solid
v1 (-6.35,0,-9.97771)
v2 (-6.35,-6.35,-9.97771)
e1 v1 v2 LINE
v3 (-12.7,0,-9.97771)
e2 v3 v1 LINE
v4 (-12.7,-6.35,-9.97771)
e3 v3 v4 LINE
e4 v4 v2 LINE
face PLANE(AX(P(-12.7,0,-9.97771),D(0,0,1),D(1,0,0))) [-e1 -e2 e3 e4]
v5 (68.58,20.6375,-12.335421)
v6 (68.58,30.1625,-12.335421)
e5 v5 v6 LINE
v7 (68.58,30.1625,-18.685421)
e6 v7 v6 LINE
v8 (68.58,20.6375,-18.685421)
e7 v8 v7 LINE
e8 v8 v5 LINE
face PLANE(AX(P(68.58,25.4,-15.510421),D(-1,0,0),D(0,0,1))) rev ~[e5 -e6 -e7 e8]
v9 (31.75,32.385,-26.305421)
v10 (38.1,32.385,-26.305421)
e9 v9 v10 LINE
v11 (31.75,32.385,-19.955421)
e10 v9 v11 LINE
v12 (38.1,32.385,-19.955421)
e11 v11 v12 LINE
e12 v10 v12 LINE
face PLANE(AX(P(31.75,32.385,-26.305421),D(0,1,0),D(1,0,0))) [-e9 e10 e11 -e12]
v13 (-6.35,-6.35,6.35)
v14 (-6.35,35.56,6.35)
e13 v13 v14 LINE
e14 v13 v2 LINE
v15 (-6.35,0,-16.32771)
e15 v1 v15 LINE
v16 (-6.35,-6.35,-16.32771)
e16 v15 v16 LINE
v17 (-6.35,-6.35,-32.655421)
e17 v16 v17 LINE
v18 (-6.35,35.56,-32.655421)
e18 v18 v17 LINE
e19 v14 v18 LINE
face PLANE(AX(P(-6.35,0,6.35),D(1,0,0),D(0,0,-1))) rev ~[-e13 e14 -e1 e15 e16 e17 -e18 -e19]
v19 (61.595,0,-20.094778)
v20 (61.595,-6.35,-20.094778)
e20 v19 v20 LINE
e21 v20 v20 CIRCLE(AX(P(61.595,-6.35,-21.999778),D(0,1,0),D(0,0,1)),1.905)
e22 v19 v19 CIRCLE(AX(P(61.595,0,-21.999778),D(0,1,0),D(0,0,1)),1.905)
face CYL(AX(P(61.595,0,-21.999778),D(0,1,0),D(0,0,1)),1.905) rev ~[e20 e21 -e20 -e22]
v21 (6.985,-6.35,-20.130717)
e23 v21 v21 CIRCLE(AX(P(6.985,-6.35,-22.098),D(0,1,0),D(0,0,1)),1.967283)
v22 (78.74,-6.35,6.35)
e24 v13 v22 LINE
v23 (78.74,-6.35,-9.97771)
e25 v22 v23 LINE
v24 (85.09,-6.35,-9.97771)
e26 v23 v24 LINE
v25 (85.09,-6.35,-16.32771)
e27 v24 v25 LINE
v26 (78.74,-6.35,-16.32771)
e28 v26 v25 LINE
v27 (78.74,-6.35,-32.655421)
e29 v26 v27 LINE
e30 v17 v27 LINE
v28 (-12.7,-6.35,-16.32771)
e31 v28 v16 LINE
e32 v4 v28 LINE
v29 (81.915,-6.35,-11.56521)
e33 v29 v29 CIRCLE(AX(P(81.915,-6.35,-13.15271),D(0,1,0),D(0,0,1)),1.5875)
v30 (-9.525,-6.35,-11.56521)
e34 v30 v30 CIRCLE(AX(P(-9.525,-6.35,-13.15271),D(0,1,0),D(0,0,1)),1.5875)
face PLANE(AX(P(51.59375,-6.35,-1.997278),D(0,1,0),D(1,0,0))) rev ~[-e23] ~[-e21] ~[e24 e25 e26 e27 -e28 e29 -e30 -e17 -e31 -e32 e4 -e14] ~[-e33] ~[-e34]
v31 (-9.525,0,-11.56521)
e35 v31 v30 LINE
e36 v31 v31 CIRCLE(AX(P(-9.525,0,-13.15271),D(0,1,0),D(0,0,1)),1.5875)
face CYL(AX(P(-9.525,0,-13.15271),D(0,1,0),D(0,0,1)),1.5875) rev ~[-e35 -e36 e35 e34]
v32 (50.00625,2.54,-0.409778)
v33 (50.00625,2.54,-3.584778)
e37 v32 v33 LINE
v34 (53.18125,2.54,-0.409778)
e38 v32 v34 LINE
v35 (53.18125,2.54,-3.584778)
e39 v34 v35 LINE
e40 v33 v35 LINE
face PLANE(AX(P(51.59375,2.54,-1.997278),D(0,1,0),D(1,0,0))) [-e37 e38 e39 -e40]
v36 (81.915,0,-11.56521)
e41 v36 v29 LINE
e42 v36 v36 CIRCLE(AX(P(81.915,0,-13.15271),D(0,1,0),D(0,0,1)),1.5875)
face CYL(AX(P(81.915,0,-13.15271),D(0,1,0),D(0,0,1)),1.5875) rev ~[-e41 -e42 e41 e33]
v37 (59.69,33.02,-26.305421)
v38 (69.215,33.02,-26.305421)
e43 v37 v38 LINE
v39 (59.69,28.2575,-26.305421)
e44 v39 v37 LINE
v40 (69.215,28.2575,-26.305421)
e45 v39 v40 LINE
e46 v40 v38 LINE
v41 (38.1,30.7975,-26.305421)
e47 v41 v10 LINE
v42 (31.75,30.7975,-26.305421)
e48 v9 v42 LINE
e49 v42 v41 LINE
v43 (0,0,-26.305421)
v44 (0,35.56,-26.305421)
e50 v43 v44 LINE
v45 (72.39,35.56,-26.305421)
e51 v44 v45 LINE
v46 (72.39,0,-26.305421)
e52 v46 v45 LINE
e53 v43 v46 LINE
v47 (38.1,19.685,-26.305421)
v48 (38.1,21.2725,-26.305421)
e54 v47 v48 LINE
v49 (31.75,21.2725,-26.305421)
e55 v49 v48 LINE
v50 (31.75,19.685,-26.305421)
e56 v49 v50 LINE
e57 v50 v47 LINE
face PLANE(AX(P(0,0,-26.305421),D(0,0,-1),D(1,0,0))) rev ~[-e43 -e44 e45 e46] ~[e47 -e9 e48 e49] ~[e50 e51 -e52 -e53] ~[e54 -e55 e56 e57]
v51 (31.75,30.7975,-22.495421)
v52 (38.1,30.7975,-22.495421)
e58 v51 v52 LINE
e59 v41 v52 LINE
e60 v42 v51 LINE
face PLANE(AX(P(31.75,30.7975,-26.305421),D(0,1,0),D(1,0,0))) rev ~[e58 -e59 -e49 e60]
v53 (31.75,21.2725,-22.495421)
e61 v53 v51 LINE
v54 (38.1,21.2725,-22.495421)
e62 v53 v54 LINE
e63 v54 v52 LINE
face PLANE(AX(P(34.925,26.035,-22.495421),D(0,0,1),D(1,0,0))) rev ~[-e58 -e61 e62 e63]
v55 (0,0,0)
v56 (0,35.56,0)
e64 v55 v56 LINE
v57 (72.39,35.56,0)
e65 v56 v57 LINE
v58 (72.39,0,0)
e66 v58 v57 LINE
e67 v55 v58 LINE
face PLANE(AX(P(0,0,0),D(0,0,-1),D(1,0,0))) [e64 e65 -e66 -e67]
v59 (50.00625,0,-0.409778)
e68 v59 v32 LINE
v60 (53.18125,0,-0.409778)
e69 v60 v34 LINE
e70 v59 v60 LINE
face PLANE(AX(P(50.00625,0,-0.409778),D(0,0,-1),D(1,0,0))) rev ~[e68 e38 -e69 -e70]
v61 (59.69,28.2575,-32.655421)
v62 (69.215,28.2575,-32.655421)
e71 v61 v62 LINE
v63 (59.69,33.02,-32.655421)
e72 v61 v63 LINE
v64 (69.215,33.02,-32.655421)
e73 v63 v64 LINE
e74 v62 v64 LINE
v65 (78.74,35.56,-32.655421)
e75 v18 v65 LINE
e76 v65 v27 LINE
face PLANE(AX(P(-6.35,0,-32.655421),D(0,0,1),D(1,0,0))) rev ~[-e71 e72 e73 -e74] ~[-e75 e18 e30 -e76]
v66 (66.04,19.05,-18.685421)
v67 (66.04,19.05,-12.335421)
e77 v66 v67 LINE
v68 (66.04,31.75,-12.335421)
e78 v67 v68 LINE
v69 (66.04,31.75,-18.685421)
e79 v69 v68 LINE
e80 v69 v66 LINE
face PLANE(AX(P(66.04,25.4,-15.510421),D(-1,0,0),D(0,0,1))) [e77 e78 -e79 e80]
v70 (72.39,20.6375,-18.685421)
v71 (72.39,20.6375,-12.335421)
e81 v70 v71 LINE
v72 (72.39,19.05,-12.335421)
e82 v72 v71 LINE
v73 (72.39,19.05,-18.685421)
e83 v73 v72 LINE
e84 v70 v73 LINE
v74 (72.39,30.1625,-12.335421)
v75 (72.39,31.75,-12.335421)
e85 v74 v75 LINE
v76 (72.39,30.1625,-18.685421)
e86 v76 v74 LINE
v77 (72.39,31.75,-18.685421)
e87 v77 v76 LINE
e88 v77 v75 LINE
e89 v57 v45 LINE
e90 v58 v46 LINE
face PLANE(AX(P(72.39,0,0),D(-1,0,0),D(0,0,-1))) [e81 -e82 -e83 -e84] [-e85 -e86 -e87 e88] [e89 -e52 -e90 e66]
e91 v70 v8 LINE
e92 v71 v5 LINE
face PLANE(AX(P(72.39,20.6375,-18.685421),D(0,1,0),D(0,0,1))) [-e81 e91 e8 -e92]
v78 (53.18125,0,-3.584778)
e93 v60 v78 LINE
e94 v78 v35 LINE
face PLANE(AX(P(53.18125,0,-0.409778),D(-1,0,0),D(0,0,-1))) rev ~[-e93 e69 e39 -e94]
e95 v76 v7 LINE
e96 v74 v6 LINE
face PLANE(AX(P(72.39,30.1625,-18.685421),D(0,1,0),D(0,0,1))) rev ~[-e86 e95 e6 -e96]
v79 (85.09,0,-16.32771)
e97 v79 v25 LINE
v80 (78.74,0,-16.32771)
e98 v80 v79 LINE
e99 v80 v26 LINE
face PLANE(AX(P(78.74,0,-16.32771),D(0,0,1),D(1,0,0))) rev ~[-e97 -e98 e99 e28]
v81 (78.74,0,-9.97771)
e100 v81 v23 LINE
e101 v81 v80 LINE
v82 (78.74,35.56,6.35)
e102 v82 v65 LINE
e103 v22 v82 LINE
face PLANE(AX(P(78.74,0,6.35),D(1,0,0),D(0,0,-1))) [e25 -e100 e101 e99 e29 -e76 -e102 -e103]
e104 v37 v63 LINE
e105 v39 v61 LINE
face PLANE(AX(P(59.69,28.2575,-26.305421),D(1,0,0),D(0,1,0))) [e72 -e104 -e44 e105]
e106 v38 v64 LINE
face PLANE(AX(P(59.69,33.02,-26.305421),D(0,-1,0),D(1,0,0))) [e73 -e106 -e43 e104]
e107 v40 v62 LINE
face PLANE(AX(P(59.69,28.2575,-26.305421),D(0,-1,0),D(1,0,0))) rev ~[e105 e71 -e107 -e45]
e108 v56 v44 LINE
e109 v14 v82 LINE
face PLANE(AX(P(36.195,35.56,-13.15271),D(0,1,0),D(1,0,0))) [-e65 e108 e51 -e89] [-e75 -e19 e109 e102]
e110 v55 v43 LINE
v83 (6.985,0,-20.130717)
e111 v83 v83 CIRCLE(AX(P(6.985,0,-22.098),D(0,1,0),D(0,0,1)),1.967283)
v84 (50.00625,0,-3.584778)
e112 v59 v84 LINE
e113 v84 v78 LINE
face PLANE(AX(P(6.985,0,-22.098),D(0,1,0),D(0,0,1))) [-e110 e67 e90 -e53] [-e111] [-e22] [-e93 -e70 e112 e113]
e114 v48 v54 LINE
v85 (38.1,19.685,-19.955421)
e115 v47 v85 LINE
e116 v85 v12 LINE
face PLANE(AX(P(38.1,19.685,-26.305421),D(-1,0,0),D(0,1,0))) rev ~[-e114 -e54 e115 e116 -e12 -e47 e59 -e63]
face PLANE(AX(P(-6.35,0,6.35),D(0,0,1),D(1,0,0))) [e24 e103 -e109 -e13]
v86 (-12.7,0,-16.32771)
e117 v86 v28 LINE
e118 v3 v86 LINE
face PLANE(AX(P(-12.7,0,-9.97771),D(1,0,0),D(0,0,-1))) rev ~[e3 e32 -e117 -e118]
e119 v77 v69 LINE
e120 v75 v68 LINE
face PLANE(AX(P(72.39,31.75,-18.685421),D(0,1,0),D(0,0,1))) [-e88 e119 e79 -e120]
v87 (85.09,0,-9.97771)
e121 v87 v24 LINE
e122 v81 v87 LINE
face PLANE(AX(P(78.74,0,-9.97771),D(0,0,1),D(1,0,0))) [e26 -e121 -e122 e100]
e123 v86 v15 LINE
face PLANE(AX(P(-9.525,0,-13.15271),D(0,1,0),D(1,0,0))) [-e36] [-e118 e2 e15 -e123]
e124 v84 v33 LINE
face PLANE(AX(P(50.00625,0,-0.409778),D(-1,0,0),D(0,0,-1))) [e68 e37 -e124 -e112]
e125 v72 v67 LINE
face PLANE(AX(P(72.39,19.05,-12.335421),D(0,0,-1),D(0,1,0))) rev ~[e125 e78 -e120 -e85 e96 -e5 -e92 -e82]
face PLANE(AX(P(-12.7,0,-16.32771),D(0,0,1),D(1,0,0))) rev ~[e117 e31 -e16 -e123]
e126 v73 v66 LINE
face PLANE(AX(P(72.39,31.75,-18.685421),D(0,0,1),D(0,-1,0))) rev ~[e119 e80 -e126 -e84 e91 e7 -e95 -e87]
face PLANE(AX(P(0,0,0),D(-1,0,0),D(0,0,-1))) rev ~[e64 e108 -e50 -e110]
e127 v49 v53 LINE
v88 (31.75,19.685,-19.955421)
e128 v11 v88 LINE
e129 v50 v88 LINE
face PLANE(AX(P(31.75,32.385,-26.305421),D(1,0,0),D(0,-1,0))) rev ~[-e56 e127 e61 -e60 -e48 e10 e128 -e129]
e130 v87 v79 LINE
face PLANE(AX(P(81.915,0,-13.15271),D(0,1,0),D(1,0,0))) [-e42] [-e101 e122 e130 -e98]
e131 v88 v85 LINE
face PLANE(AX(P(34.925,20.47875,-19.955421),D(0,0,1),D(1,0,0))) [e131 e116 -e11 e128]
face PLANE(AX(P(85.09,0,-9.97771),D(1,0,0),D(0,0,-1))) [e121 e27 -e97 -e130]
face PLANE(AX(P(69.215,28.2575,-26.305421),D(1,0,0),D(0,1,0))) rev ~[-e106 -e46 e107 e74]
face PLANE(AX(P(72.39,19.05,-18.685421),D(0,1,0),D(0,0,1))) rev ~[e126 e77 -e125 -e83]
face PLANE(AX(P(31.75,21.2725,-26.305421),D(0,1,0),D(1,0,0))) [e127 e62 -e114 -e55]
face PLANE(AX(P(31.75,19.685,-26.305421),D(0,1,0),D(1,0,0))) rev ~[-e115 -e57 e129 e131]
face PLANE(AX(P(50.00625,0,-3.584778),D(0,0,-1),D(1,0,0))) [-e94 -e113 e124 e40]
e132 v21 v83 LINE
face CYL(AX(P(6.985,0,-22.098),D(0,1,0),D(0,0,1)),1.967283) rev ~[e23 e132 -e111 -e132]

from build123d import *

# Parameters (mm, degrees)
SKETCH1_W                 = 72.39
SKETCH1_H                 = 26.30542054
BOSS_EXTRUDE1_DEPTH       = 35.56
SKETCH1_3_W               = 85.09
SKETCH1_3_H               = 39.00542054
SKETCH1_3_R               = 1.967283446
SKETCH1_3_W_2             = 3.175
SKETCH1_3_H_2             = 3.175
SKETCH1_3_R_2             = 1.397
BOSS_EXTRUDE2_DEPTH       = 6.35
SKETCH1_4_W               = 6.35
SKETCH1_4_H               = 6.35
SKETCH1_4_R               = 1.5875
BOSS_EXTRUDE3_DEPTH       = 6.35
SKETCH1_5_R               = 1.967283446
BOSS_EXTRUDE4_DEPTH       = 2.54
SKETCH2_W                 = 6.35
SKETCH2_H                 = 12.7
BOSS_EXTRUDE8_DEPTH       = 6.35
SKETCH2_4_W               = 6.35
SKETCH2_4_H               = 9.525
CUT_EXTRUDE1_DEPTH        = 3.81
SKETCH1_10_R              = 1.905
SKETCH1_10_R_2            = 1.397
SKETCH1_10_R_3            = 1.967283446
CUT_EXTRUDE4_DEPTH        = 98.832500687
BOSS_EXTRUDE11_DEPTH      = 2.54
BOSS_EXTRUDE11_DEPTH_BACK = 6.35
SKETCH1_11_W              = 3.175
SKETCH1_11_H              = 3.175
SKETCH6_W                 = 6.35
SKETCH6_H                 = 12.7
BOSS_EXTRUDE12_DEPTH      = 6.35
SKETCH6_8_W               = 6.35
SKETCH6_8_H               = 9.525
CUT_EXTRUDE5_DEPTH        = 3.81
SKETCH8_W                 = 9.525
SKETCH8_H                 = 4.7625
CUT_EXTRUDE6_DEPTH        = 18.542


with BuildPart() as part:
    # Sketch1 → Boss-Extrude1 (new body)
    with BuildSketch(Plane(origin=(0, 0, 0), x_dir=(1, 0, 0), z_dir=(0, 1, 0))):
        Polygon((78.74, 32.65542054), (-6.35, 32.65542054), (-6.35, 16.32771027), (-6.35, 9.97771027), (-6.35, -6.35), (78.74, -6.35), (78.74, 9.97771027), (78.74, 16.32771027), align=None)
        with Locations((36.195, 13.15271027)):
            Rectangle(SKETCH1_W, SKETCH1_H, mode=Mode.SUBTRACT)
    extrude(amount=BOSS_EXTRUDE1_DEPTH)

    # Sketch1<3> → Boss-Extrude2 (add)
    with BuildSketch(Plane(origin=(0, 0, 0), x_dir=(1, 0, 0), z_dir=(0, 1, 0))):
        with Locations((36.195, 13.15271027)):
            Rectangle(SKETCH1_3_W, SKETCH1_3_H)
        with Locations((6.985, 22.098)):
            Circle(SKETCH1_3_R, mode=Mode.SUBTRACT)
        with Locations((51.59375, 1.997278049)):
            Rectangle(SKETCH1_3_W_2, SKETCH1_3_H_2, mode=Mode.SUBTRACT)
        with Locations((61.595, 21.999778049)):
            Circle(SKETCH1_3_R_2, mode=Mode.SUBTRACT)
    extrude(amount=-BOSS_EXTRUDE2_DEPTH)

    # Sketch1<4> → Boss-Extrude3 (add)
    # profile 1 of 2: a face of its own
    with BuildSketch(Plane(origin=(0, 0, 0), x_dir=(1, 0, 0), z_dir=(0, 1, 0))):
        with Locations((-9.525, 13.15271027)):
            Rectangle(SKETCH1_4_W, SKETCH1_4_H)
        with Locations((-9.525, 13.15271027)):
            Circle(SKETCH1_4_R, mode=Mode.SUBTRACT)
    # profile 2 of 2: a face of its own
    with BuildSketch(Plane(origin=(0, 0, 0), x_dir=(1, 0, 0), z_dir=(0, 1, 0))):
        with Locations((81.915, 13.15271027)):
            Rectangle(SKETCH1_4_W, SKETCH1_4_H)
        with Locations((81.915, 13.15271027)):
            Circle(SKETCH1_4_R, mode=Mode.SUBTRACT)
    extrude(amount=-BOSS_EXTRUDE3_DEPTH)

    # Sketch1<5> → Boss-Extrude4 (add)
    with BuildSketch(Plane(origin=(0, 0, 0), x_dir=(1, 0, 0), z_dir=(0, 1, 0))):
        with Locations((6.985, 22.098)):
            Circle(SKETCH1_5_R)
    extrude(amount=-BOSS_EXTRUDE4_DEPTH)

    # Sketch2 → Boss-Extrude8 (add)
    with BuildSketch(Plane.XY.offset(-26.30542054)):
        with Locations((34.925, 26.035)):
            Rectangle(SKETCH2_W, SKETCH2_H)
    extrude(amount=BOSS_EXTRUDE8_DEPTH)

    # Sketch2<4> → Cut-Extrude1 (cut)
    with BuildSketch(Plane.XY.offset(-26.30542054)):
        with Locations((34.925, 26.035)):
            Rectangle(SKETCH2_4_W, SKETCH2_4_H)
    extrude(amount=CUT_EXTRUDE1_DEPTH, mode=Mode.SUBTRACT)

    # Sketch1<10> → Cut-Extrude4 (cut, through all)
    # profile 1 of 2: a face of its own
    with BuildSketch(Plane(origin=(0, 0, 0), x_dir=(1, 0, 0), z_dir=(0, 1, 0))):
        with Locations((61.595, 21.999778049)):
            Circle(SKETCH1_10_R)
        with Locations((61.595, 21.999778049)):
            Circle(SKETCH1_10_R_2, mode=Mode.SUBTRACT)
    # profile 2 of 2: a face of its own
    with BuildSketch(Plane(origin=(0, 0, 0), x_dir=(1, 0, 0), z_dir=(0, 1, 0))):
        with Locations((6.985, 22.098)):
            Circle(SKETCH1_10_R_3)
        with Locations((6.985, 22.098)):
            Circle(SKETCH1_10_R_2, mode=Mode.SUBTRACT)
    extrude(amount=-CUT_EXTRUDE4_DEPTH, mode=Mode.SUBTRACT)


with BuildPart() as cut_extrude4_piece_1:
    # of the separate pieces the step leaves, piece 1, a body of its own (cut_extrude4_pieces)
    add(part.part.solids().sort_by_distance((78.74, 35.56, -32.65542054))[0])

    # Sketch1<11> → Boss-Extrude11 (add, two sides: drawn at the far end of the back side and taken through both)
    with BuildSketch(Plane(origin=(0, 0, 0), x_dir=(1, 0, 0), z_dir=(0, 1, 0)).offset(-BOSS_EXTRUDE11_DEPTH_BACK)):
        with Locations((51.59375, 1.997278049)):
            Rectangle(SKETCH1_11_W, SKETCH1_11_H)
    extrude(amount=BOSS_EXTRUDE11_DEPTH + BOSS_EXTRUDE11_DEPTH_BACK)

    # Sketch6 → Boss-Extrude12 (add)
    with BuildSketch(Plane(origin=(72.39, 0, -72.39), x_dir=(0, 0, 1), z_dir=(-1, 0, 0))):
        with Locations((56.87957946, 25.4)):
            Rectangle(SKETCH6_W, SKETCH6_H)
    extrude(amount=BOSS_EXTRUDE12_DEPTH)

    # Sketch6<8> → Cut-Extrude5 (cut)
    with BuildSketch(Plane(origin=(72.39, 0, -72.39), x_dir=(0, 0, 1), z_dir=(-1, 0, 0))):
        with Locations((56.87957946, 25.4)):
            Rectangle(SKETCH6_8_W, SKETCH6_8_H)
    extrude(amount=CUT_EXTRUDE5_DEPTH, mode=Mode.SUBTRACT)

    # Sketch8 → Cut-Extrude6 (cut)
    with BuildSketch(Plane.XY.offset(-26.30542054)):
        with Locations((64.4525, 30.63875)):
            Rectangle(SKETCH8_W, SKETCH8_H)
    extrude(amount=-CUT_EXTRUDE6_DEPTH, mode=Mode.SUBTRACT)


with BuildPart() as cut_extrude4_piece_2:
    # of the separate pieces the step leaves, piece 2, a body of its own (cut_extrude4_pieces)
    add(part.part.solids().sort_by_distance((8.382, -2.54, -22.098))[0])


solid = cut_extrude4_piece_1.part
